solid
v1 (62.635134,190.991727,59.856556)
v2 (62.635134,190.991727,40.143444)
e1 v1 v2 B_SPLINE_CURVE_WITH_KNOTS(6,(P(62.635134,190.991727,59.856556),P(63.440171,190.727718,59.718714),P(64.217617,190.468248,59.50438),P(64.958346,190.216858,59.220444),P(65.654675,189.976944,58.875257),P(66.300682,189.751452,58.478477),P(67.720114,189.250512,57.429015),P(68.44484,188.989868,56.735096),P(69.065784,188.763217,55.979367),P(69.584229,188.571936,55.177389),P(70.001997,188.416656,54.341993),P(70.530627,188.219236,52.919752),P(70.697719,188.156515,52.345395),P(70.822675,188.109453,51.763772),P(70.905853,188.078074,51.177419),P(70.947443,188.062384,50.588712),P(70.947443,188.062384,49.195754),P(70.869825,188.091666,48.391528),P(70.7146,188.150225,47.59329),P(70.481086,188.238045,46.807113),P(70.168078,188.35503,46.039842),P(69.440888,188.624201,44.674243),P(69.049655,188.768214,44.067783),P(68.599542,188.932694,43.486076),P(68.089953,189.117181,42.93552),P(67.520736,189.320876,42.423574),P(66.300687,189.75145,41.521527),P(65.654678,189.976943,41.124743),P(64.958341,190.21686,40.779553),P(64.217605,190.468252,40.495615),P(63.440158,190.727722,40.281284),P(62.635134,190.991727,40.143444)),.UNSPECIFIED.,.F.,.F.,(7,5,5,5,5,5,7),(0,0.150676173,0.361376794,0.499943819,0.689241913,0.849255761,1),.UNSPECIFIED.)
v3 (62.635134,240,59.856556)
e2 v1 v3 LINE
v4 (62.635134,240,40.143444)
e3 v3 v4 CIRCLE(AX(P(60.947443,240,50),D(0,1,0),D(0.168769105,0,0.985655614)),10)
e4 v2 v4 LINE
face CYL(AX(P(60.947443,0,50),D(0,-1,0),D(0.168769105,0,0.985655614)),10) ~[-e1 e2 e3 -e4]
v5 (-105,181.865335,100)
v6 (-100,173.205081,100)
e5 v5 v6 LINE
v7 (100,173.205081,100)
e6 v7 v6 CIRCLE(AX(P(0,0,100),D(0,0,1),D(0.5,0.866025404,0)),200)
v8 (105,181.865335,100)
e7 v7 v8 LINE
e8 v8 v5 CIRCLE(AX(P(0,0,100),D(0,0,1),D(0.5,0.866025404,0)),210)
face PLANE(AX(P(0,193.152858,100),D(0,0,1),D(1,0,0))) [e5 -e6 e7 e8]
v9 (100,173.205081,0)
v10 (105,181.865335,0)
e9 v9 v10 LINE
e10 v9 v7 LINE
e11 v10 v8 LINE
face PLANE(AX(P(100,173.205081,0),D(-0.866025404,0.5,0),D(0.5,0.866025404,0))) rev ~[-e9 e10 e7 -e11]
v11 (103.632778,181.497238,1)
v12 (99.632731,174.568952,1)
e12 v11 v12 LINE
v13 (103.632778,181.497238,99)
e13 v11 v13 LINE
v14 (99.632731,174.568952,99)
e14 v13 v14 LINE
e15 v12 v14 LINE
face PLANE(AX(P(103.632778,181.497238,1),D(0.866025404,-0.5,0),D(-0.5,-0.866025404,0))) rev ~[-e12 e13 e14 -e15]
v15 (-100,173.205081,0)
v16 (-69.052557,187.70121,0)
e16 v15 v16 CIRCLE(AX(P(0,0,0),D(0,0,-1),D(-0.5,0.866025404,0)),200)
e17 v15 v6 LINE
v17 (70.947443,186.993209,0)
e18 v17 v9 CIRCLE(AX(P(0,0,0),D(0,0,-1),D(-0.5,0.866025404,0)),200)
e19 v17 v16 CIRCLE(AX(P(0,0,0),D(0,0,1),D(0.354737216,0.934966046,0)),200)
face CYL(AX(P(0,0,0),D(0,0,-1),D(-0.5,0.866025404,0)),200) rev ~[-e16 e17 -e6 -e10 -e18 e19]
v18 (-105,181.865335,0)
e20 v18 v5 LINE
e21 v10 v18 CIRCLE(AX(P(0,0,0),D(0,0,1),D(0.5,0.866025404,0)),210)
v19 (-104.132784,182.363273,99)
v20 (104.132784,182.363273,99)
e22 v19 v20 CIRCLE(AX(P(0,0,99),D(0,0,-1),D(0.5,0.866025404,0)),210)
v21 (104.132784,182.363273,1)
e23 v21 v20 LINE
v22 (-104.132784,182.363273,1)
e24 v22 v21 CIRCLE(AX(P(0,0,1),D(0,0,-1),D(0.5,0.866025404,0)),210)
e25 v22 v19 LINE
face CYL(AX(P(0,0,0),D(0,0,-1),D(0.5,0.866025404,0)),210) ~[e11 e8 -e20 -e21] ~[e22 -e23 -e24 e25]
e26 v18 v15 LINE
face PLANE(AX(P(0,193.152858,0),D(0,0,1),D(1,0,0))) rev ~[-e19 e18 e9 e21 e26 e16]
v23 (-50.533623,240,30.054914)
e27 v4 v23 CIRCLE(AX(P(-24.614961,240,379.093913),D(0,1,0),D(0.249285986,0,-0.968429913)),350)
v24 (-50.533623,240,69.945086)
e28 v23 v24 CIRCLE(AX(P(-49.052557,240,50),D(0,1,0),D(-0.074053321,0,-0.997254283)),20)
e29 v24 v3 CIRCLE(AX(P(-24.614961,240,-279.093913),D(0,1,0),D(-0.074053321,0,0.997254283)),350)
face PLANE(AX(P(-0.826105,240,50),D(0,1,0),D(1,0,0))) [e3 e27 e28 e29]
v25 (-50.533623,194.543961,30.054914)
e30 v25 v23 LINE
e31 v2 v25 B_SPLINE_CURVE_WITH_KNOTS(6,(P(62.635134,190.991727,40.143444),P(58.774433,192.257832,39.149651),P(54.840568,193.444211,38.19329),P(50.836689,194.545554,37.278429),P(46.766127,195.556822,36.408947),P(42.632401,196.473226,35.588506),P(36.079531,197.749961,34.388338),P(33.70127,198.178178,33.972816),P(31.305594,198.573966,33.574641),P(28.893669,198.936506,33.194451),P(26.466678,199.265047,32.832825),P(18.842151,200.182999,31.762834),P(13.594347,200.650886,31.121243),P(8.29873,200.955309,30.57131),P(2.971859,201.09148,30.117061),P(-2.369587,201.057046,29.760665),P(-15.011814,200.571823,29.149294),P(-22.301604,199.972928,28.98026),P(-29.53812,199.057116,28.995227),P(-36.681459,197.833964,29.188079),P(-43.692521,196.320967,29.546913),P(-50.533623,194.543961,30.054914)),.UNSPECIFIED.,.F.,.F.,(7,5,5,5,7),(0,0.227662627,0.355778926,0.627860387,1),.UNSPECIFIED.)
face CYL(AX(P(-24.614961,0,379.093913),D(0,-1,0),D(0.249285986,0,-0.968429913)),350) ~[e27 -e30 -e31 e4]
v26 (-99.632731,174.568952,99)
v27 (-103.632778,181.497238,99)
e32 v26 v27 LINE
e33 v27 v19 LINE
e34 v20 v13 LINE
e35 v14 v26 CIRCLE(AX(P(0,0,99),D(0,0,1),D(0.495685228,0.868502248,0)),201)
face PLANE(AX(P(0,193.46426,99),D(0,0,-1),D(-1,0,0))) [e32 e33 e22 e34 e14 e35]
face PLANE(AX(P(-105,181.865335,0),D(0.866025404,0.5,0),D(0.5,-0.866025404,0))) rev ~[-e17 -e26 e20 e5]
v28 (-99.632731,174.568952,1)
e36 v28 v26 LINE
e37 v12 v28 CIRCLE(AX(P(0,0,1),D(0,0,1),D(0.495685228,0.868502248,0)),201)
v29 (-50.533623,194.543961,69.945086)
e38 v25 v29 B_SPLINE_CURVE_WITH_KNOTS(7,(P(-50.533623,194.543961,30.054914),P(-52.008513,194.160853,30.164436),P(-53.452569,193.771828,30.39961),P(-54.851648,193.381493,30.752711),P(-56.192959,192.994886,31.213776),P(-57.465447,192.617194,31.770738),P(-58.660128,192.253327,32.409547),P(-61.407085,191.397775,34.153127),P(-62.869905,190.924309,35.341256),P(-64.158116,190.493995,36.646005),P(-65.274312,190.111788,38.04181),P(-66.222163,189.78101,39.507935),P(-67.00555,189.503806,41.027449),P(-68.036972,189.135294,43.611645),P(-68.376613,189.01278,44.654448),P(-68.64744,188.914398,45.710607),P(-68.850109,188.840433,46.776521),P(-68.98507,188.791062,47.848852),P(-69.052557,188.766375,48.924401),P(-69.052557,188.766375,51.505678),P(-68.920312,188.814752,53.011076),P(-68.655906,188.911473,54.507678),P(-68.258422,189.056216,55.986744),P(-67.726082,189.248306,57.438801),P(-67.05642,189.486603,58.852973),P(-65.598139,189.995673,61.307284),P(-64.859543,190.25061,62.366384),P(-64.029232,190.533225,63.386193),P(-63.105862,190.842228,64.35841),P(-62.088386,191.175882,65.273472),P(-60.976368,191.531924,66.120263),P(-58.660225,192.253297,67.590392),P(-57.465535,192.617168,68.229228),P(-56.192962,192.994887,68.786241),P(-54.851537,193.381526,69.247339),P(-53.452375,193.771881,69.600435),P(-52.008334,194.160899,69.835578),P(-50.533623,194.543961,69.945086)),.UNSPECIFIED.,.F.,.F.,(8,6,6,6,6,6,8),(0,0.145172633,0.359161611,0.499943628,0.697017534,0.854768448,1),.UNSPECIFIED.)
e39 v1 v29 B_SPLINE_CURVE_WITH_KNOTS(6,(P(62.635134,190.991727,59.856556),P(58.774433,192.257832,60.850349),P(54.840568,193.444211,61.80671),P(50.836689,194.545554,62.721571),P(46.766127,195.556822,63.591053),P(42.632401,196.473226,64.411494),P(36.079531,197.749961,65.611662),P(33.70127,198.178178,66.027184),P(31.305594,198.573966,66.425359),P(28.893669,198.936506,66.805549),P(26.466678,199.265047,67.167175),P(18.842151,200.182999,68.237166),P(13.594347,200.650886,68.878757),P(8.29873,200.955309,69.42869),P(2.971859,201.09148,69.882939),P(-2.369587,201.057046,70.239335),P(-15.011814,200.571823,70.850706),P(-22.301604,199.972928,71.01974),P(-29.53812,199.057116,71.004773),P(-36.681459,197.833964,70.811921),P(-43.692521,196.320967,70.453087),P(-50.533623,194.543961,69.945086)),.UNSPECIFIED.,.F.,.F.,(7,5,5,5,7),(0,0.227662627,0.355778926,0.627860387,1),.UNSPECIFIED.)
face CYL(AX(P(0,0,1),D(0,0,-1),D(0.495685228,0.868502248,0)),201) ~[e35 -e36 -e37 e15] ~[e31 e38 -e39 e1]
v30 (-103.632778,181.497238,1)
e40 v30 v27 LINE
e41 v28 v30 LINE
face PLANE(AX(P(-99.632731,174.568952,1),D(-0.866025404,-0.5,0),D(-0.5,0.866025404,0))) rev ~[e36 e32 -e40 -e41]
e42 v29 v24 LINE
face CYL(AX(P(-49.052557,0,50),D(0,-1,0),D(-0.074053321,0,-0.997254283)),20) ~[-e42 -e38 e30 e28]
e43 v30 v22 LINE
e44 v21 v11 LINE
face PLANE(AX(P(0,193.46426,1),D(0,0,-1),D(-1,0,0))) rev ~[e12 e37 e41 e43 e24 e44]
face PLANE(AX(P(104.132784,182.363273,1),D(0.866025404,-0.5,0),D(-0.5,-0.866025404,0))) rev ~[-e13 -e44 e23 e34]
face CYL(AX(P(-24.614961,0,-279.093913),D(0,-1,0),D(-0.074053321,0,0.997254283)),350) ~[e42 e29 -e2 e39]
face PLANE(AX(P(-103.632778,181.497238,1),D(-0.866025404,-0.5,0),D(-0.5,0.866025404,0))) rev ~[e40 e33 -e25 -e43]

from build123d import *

# Parameters (mm, degrees)
BOSS_EXTRUDE1_DEPTH = 100
CUT_EXTRUDE1_DEPTH  = 98
BOSS_EXTRUDE2_DEPTH = 240
CUT_EXTRUDE2_DEPTH  = 305


with BuildPart() as part:
    # Sketch1 → Boss-Extrude1 (new body)
    with BuildSketch(Plane.XY):
        with BuildLine():
            Line((-105, 181.865334795), (-100, 173.205080757))
            ThreePointArc((-100, 173.205080757), (0, 200), (100, 173.205080757))
            Line((100, 173.205080757), (105, 181.865334795))
            ThreePointArc((105, 181.865334795), (0, 210), (-105, 181.865334795))
        make_face()
    extrude(amount=BOSS_EXTRUDE1_DEPTH)

    # Sketch2 → Cut-Extrude1 (cut)
    with BuildSketch(Plane(origin=(0, 0, 1), x_dir=(-1, 0, 0), z_dir=(0, 0, -1))):
        with BuildLine():
            Line((99.632730807, 174.568951855), (103.632778417, 181.497237548))
            ThreePointArc((103.632778417, 181.497237548), (0, 209), (-103.632778417, 181.497237548))
            Line((-103.632778417, 181.497237548), (-99.632730807, 174.568951855))
            ThreePointArc((-99.632730807, 174.568951855), (0, 201), (99.632730807, 174.568951855))
        make_face()
        with BuildLine():
            Line((-104.132784113, 182.363272818), (-103.632778417, 181.497237548))
            ThreePointArc((-103.632778417, 181.497237548), (0, 209), (103.632778417, 181.497237548))
            Line((103.632778417, 181.497237548), (104.132784113, 182.363272818))
            ThreePointArc((104.132784113, 182.363272818), (0, 210), (-104.132784113, 182.363272818))
        make_face()
        with BuildLine():
            Line((-105.359240795, 184.487558104), (-104.132784113, 182.363272818))
            ThreePointArc((-104.132784113, 182.363272818), (0, 210), (104.132784113, 182.363272818))
            Line((104.132784113, 182.363272818), (105.359240795, 184.487558104))
            ThreePointArc((105.359240795, 184.487558104), (0, 213.475505009), (-105.359240795, 184.487558104))
        make_face()
    extrude(amount=-CUT_EXTRUDE1_DEPTH, mode=Mode.SUBTRACT)

    # Sketch3 → Boss-Extrude2 (add)
    with BuildSketch(Plane(origin=(0, 0, 0), x_dir=(1, 0, 0), z_dir=(0, 1, 0))):
        with BuildLine():
            ThreePointArc((-50.533623167, -30.054914333), (-69.052556755, -50), (-50.533623167, -69.945085667))
            ThreePointArc((-50.533623167, -69.945085667), (6.462857127, -69.523597841), (62.635134299, -59.856556138))
            ThreePointArc((62.635134299, -59.856556138), (70.947443245, -50), (62.635134299, -40.143443862))
            ThreePointArc((62.635134299, -40.143443862), (6.462857127, -30.476402159), (-50.533623167, -30.054914333))
        make_face()
    extrude(amount=BOSS_EXTRUDE2_DEPTH)

    # Sketch4 → Cut-Extrude2 (cut)
    with BuildSketch(Plane.XY):
        with BuildLine():
            Line((-69.052556755, 187.701210453), (-109.027774, 39.169052656))
            Line((-109.027774, 39.169052656), (-56.106611476, -33.467837082))
            Line((-56.106611476, -33.467837082), (100.062701462, -27.760652889))
            Line((100.062701462, -27.760652889), (70.947443245, 186.993209227))
            ThreePointArc((70.947443245, 186.993209227), (1.01141739, 199.997442571), (-69.052556755, 187.701210453))
        make_face()
    extrude(amount=CUT_EXTRUDE2_DEPTH, mode=Mode.SUBTRACT)


solid = part.part
